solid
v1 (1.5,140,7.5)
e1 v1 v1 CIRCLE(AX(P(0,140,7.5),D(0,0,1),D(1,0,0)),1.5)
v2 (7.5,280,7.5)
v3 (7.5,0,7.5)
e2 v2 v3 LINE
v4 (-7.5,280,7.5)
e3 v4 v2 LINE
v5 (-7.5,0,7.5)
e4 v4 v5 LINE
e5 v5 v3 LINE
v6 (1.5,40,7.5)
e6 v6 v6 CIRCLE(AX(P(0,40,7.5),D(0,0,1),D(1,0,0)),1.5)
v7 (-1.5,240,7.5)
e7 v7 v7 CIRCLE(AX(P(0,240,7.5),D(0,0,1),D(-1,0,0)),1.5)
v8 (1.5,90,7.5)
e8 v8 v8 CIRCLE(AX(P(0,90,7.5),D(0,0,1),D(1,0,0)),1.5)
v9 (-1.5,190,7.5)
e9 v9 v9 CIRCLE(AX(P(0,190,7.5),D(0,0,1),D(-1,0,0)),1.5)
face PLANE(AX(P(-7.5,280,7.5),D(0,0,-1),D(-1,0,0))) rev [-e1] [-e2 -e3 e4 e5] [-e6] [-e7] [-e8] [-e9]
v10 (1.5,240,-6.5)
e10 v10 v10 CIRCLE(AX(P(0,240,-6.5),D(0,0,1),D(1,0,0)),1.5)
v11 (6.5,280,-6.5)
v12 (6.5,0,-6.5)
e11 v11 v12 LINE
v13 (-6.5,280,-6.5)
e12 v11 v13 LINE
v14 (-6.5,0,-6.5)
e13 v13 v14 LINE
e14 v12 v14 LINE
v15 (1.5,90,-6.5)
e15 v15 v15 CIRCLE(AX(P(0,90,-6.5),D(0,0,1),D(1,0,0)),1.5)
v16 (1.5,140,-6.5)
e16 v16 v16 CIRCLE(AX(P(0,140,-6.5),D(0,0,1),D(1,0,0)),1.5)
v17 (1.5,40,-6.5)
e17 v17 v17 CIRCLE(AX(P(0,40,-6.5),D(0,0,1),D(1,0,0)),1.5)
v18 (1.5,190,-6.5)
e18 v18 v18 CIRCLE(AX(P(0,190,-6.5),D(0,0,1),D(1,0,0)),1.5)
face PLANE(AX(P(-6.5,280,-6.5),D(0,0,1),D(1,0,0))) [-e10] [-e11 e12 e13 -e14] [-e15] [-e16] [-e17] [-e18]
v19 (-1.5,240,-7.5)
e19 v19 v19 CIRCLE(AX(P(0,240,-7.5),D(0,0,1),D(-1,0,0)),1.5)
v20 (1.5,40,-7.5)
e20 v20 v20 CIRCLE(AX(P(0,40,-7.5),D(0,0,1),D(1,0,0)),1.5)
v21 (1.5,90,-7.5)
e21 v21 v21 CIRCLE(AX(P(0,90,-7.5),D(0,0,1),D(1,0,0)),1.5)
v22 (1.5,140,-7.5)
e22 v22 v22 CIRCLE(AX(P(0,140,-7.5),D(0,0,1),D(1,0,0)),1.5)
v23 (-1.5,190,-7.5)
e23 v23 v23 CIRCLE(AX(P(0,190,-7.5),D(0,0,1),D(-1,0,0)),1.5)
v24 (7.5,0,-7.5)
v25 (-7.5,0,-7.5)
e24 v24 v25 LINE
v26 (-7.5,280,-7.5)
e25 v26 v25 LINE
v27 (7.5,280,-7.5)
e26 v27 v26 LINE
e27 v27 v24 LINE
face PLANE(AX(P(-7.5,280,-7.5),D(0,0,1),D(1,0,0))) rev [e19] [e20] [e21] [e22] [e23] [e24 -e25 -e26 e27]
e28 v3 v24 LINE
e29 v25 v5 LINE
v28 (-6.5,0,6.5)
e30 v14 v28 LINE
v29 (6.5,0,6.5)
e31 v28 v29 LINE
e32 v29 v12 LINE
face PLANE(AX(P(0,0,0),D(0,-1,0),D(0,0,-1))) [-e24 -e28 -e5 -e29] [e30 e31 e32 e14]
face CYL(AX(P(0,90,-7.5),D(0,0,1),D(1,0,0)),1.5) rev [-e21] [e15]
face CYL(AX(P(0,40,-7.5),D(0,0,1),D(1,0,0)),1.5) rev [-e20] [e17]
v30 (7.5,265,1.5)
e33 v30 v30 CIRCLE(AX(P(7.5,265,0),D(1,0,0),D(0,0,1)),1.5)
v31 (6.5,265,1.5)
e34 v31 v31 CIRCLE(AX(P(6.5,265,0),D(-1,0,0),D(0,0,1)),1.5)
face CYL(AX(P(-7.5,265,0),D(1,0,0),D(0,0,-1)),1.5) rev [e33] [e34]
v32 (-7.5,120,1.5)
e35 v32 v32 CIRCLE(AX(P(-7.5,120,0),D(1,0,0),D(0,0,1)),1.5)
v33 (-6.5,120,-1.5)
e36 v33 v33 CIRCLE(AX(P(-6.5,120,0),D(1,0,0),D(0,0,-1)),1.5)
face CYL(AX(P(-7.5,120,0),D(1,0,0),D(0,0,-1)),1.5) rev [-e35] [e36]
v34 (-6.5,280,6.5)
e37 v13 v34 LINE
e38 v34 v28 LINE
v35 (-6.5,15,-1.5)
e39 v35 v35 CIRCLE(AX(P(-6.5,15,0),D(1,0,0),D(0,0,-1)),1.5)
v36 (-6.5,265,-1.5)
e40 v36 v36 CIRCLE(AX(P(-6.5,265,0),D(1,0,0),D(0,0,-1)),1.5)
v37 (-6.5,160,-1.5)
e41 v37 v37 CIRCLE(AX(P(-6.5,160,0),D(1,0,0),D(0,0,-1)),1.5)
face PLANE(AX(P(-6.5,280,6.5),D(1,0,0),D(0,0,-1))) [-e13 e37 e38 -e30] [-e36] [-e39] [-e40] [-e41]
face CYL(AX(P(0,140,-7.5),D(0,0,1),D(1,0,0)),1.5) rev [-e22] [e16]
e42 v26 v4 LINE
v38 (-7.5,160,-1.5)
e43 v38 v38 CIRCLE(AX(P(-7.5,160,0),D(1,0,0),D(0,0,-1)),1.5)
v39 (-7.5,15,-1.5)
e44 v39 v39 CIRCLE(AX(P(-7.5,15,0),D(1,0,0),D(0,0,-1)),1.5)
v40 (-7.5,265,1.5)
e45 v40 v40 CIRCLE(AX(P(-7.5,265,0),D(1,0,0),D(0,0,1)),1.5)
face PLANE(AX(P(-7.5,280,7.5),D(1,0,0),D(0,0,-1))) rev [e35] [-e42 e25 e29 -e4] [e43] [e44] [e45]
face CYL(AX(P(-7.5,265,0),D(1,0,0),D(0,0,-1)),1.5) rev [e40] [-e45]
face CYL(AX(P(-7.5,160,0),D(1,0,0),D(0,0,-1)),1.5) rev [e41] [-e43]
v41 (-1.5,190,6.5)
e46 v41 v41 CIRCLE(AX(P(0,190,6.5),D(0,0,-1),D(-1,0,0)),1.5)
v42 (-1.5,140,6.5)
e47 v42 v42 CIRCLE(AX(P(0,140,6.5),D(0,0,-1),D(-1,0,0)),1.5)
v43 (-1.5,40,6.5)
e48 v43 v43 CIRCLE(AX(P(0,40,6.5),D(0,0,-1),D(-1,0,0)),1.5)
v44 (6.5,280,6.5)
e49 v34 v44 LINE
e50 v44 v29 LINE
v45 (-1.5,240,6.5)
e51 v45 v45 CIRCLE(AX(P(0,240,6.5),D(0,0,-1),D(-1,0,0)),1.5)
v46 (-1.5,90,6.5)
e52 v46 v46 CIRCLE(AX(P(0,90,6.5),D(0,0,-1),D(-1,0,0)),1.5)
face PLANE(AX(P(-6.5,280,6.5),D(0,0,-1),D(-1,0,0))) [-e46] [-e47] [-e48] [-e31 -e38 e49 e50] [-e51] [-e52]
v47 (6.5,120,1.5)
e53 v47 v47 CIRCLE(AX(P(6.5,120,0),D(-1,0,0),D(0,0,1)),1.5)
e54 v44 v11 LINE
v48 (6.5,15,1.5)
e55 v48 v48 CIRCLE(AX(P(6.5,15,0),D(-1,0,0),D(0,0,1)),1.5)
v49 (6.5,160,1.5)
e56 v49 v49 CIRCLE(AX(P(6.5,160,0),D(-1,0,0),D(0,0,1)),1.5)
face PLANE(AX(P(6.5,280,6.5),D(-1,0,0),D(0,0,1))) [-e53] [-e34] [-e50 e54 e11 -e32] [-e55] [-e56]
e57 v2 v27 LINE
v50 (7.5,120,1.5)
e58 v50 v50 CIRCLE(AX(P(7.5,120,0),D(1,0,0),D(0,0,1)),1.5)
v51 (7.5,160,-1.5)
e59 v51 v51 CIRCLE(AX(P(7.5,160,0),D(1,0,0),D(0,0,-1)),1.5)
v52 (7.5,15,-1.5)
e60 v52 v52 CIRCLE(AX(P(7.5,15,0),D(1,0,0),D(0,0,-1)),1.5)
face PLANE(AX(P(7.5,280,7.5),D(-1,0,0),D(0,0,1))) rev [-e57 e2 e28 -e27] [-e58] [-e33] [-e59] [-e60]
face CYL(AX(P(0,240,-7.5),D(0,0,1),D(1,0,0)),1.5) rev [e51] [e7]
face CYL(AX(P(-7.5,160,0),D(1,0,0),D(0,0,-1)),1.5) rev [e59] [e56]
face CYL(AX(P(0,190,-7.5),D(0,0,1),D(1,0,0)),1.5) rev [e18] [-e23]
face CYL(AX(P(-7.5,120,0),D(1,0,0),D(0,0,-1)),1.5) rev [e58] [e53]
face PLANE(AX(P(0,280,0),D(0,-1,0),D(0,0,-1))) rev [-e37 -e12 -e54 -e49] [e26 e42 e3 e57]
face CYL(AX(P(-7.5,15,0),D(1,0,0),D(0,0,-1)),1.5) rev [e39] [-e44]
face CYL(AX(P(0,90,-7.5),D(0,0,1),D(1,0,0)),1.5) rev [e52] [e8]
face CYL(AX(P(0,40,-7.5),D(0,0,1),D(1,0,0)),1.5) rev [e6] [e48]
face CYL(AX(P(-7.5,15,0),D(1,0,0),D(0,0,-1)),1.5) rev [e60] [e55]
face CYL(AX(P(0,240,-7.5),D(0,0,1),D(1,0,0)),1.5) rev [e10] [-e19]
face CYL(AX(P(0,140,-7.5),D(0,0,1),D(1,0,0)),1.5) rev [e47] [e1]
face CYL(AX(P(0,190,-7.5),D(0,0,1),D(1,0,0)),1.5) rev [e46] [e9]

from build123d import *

# Parameters (mm, degrees)
SKETCH_1_W          = 15
SKETCH_1_H          = 15
SKETCH_1_W_2        = 13
SKETCH_1_H_2        = 13
EXTRUDE_1_DEPTH     = 280
SKETCH_2_R          = 1.5
CUT_EXTRUDE_1_DEPTH = 281.501782526
SKETCH_3_R          = 1.5
CUT_EXTRUDE_2_DEPTH = 281.501782526


with BuildPart() as part:
    # 草图1 → 凸台-拉伸1 (new body)
    with BuildSketch(Plane(origin=(0, 0, 0), x_dir=(1, 0, 0), z_dir=(0, 1, 0))):
        Rectangle(SKETCH_1_W, SKETCH_1_H)
        Rectangle(SKETCH_1_W_2, SKETCH_1_H_2, mode=Mode.SUBTRACT)
    extrude(amount=EXTRUDE_1_DEPTH)

    # 草图2 → 切除-拉伸1 (cut, through all)
    with BuildSketch(Plane.XY.offset(7.5)):
        with Locations((0, 40)):
            Circle(SKETCH_2_R)
        with Locations((0, 140)):
            Circle(SKETCH_2_R)
        with Locations((0, 90)):
            Circle(SKETCH_2_R)
        with Locations((0, 240)):
            Circle(SKETCH_2_R)
        with Locations((0, 190)):
            Circle(SKETCH_2_R)
    extrude(amount=-CUT_EXTRUDE_1_DEPTH, mode=Mode.SUBTRACT)

    # 草图3 → 切除-拉伸2 (cut, through all)
    with BuildSketch(Plane(origin=(7.5, 0, 0), x_dir=(0, 0, -1), z_dir=(1, 0, 0))):
        with Locations((0, 160)):
            Circle(SKETCH_3_R)
        with Locations(Location((0, 120, 0), (0, 0, 180))):
            Circle(SKETCH_3_R)
        with Locations((0, 15)):
            Circle(SKETCH_3_R)
        with Locations(Location((0, 265, 0), (0, 0, 180))):
            Circle(SKETCH_3_R)
    extrude(amount=-CUT_EXTRUDE_2_DEPTH, mode=Mode.SUBTRACT)


solid = part.part
